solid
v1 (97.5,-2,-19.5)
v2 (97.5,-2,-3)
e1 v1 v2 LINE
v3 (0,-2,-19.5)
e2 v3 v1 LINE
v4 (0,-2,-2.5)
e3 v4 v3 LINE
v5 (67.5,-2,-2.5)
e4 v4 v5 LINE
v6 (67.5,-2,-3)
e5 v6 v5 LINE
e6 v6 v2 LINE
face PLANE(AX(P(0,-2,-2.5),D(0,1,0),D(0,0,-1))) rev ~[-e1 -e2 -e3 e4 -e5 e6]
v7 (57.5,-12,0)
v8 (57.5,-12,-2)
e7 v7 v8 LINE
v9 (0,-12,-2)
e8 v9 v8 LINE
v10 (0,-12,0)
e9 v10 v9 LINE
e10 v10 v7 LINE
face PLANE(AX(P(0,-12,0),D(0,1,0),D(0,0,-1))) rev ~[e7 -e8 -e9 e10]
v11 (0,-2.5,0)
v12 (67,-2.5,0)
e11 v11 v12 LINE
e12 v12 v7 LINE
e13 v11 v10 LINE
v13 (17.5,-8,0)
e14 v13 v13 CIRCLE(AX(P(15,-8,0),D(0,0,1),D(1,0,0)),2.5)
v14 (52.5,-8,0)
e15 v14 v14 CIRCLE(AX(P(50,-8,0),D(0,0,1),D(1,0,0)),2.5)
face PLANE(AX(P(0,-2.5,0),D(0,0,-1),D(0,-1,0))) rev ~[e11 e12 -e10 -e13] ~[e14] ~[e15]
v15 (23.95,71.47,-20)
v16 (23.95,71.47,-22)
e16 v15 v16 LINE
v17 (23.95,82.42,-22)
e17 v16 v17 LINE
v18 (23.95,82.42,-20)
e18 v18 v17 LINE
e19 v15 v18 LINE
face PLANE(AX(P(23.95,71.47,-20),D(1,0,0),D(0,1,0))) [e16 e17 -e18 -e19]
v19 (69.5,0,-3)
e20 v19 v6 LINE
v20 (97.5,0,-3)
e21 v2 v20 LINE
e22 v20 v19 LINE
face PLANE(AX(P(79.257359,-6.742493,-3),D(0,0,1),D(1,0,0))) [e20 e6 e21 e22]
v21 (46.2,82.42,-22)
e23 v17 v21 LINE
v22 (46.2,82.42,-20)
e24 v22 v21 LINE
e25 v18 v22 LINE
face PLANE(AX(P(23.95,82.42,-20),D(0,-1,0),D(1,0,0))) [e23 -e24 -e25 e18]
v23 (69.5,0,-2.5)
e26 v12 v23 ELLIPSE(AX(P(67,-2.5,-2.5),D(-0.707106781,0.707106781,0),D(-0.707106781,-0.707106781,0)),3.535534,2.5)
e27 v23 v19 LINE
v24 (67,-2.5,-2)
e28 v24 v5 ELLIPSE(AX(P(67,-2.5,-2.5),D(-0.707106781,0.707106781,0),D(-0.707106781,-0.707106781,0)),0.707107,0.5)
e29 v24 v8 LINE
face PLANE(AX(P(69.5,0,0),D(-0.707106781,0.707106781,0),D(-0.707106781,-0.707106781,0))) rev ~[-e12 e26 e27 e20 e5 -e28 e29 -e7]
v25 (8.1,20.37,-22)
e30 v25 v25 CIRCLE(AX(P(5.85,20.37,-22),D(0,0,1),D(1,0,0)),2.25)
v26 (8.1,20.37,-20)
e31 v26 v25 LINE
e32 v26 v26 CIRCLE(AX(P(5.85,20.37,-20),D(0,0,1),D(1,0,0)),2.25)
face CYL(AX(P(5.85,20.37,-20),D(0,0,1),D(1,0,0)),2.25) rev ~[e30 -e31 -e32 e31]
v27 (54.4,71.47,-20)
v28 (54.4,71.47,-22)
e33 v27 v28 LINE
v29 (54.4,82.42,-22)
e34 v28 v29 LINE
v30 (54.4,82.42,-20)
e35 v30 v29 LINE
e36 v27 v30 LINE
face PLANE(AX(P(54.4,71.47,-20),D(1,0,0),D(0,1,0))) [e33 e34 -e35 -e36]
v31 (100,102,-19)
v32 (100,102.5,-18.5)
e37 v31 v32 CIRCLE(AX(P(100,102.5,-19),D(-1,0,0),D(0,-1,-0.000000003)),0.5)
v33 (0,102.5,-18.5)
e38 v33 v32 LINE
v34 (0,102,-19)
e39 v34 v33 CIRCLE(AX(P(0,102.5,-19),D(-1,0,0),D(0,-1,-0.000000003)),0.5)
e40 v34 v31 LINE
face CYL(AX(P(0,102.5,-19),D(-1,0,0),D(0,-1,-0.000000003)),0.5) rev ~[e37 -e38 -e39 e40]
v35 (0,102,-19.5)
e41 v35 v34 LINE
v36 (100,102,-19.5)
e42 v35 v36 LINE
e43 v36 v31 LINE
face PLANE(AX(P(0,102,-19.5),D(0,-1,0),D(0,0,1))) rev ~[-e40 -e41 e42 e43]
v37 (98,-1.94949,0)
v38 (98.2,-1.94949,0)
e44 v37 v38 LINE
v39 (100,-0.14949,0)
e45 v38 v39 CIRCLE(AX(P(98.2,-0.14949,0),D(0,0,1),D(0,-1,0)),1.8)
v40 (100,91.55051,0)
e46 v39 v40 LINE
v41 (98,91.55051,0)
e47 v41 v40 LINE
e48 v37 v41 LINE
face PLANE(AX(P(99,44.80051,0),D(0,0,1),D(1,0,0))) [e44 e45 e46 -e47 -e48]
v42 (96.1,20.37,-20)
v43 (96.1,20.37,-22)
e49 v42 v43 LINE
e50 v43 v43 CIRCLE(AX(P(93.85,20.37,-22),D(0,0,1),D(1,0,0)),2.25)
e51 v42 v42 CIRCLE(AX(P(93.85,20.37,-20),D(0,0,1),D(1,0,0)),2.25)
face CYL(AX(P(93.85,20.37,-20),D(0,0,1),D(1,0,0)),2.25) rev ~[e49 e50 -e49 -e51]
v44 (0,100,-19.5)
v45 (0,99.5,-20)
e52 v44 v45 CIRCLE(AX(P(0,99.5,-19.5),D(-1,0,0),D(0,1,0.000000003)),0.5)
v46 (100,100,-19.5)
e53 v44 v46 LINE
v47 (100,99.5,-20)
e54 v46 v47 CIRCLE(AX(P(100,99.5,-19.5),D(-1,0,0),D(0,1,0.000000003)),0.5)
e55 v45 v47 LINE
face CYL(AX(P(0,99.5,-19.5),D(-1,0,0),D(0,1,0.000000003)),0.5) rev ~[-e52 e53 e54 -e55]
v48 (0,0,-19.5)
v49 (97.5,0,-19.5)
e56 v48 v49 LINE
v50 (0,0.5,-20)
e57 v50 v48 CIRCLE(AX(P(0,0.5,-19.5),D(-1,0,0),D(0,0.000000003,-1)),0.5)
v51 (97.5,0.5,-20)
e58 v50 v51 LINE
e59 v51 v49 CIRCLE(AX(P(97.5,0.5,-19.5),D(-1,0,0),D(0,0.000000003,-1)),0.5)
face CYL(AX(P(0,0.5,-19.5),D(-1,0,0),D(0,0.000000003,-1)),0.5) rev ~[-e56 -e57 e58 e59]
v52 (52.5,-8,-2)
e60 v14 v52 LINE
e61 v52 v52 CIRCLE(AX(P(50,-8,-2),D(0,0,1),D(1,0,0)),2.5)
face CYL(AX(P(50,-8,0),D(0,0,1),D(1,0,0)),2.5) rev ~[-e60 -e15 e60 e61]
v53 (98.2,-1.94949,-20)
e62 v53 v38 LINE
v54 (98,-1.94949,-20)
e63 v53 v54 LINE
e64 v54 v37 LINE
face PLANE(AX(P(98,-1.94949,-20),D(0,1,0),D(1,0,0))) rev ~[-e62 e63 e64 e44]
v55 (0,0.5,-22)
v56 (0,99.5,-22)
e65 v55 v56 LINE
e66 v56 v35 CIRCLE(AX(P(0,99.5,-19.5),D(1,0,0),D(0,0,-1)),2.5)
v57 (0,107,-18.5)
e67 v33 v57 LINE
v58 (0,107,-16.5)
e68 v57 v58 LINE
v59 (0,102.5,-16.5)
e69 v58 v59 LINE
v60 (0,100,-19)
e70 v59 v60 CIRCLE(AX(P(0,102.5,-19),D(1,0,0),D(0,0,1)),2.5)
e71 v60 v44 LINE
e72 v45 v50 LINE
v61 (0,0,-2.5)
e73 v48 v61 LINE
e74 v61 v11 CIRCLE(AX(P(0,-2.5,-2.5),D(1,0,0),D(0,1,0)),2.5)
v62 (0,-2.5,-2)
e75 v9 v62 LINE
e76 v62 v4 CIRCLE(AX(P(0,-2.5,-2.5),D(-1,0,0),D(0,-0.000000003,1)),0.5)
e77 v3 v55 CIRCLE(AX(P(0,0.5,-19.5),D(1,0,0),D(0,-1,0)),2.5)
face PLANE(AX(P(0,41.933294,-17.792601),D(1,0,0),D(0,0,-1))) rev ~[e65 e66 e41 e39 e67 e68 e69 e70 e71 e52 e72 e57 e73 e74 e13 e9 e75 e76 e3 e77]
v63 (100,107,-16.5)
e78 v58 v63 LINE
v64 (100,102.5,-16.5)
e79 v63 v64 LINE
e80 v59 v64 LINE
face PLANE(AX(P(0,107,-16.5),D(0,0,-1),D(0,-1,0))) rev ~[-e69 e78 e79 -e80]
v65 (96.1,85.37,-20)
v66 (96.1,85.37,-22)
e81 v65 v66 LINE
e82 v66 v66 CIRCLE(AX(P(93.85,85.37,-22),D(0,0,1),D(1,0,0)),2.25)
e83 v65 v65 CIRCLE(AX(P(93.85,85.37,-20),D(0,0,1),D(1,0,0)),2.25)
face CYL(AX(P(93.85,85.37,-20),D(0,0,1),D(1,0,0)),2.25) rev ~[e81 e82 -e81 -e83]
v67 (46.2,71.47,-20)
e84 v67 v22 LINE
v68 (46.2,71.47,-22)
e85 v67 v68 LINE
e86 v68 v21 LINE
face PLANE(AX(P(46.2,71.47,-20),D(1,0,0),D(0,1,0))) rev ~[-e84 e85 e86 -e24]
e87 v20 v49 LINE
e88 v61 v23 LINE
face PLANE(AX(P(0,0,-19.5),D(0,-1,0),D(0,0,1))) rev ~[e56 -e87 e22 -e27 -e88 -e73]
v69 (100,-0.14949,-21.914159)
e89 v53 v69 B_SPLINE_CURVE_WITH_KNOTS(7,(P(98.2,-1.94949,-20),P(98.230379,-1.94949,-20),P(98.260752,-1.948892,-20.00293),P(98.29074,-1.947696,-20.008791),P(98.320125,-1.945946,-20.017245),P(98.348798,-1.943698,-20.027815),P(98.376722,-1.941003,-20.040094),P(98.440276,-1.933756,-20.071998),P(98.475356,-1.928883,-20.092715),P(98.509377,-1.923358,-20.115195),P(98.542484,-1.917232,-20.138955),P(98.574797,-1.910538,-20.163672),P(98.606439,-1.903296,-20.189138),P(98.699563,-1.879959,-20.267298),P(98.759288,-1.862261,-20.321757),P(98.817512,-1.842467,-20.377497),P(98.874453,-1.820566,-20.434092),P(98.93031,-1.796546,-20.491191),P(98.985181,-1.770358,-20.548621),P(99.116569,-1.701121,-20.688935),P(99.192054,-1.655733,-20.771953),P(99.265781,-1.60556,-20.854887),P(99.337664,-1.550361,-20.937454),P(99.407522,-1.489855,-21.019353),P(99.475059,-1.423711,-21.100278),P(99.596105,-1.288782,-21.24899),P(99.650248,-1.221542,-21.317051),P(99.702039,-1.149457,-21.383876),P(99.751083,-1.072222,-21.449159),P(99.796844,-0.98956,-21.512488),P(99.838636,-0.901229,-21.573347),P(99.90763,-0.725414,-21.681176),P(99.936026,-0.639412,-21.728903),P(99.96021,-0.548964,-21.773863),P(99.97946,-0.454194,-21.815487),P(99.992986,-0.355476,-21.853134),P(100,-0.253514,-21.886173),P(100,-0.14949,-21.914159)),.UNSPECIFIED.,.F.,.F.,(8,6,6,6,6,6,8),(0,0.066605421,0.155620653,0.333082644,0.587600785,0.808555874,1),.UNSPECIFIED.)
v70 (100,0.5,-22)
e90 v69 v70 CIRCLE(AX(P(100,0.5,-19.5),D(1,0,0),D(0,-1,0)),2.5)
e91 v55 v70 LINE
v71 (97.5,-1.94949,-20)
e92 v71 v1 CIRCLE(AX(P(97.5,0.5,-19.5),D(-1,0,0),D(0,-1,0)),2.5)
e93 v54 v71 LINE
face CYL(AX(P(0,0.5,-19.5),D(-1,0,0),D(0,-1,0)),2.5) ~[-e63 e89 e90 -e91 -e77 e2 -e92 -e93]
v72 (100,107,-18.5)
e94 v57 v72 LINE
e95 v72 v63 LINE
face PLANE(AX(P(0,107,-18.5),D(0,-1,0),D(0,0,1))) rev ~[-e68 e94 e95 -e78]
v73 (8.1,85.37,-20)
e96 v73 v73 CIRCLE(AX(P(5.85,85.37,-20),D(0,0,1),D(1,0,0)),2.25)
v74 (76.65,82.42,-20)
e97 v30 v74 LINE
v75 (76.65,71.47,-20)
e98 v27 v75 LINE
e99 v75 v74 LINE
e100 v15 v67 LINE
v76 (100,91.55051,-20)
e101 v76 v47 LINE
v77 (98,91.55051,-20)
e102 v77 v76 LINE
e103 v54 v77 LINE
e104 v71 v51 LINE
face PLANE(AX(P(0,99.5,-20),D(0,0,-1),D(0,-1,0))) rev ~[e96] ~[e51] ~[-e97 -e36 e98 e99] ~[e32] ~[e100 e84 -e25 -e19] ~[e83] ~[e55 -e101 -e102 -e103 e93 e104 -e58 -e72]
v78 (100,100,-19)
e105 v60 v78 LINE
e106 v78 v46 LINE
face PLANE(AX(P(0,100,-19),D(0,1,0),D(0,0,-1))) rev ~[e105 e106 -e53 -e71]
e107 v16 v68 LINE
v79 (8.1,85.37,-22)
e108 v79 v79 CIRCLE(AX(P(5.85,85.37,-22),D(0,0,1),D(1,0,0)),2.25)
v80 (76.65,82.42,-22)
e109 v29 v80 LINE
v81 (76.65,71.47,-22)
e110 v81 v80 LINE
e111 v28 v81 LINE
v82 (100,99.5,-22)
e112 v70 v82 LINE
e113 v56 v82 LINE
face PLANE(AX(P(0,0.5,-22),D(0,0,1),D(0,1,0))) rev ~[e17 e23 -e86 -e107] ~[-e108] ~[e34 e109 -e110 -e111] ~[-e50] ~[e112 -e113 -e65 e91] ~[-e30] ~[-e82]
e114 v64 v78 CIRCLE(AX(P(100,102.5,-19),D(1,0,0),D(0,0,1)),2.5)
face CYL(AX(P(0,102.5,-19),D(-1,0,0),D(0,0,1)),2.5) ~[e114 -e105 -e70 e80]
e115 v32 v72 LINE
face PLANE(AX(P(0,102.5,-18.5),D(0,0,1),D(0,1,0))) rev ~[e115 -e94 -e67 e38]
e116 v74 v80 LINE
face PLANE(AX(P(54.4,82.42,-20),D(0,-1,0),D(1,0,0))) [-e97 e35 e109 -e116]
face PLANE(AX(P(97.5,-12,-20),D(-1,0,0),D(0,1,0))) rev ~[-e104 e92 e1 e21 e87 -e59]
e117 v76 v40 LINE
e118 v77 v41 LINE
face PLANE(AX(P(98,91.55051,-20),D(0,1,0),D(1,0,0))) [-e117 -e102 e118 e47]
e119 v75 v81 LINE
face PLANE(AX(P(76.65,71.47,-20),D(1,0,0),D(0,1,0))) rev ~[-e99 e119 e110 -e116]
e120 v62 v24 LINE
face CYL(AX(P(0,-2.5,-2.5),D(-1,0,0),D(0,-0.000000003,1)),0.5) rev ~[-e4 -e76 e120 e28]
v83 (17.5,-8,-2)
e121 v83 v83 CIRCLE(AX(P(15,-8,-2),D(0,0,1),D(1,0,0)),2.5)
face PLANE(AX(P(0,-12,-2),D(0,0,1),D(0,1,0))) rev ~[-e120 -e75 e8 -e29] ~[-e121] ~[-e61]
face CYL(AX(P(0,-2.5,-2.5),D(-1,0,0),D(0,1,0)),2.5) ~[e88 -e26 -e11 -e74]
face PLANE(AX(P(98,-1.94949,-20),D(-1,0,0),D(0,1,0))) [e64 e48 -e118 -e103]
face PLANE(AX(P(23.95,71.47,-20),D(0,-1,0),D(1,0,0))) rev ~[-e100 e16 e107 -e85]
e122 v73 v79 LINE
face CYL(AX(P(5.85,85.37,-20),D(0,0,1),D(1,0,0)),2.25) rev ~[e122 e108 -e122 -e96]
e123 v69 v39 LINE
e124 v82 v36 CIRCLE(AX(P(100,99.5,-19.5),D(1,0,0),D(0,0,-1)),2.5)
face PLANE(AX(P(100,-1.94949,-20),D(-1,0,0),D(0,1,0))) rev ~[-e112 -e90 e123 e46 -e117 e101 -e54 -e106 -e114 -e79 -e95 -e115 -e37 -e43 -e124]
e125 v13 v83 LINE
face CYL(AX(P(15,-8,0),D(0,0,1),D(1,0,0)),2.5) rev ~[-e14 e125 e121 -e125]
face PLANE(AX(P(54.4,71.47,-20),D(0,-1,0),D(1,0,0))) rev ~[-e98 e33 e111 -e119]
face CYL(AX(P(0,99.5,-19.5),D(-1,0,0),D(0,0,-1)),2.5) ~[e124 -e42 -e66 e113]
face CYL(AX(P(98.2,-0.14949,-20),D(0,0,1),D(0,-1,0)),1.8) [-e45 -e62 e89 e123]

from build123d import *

# Parameters (mm, degrees)
BOSS_EXTRUDE1_DEPTH = 100
SKETCH2_W           = 2.5
SKETCH2_H           = 12.5
CUT_EXTRUDE1_DEPTH  = 21
SKETCH3_W           = 2
SKETCH3_H           = 93.5
BOSS_EXTRUDE2_DEPTH = 20
SKETCH4_R           = 2.5
CUT_EXTRUDE3_DEPTH  = 3
SKETCH5_R           = 2.25
SKETCH5_W           = 22.25
SKETCH5_H           = 10.95
CUT_EXTRUDE4_DEPTH  = 5
FILLET1_R           = 1.8


with BuildPart() as part:
    # Sketch1 → Boss-Extrude1 (new body)
    with BuildSketch(Plane(origin=(0, 0, 0), x_dir=(0, 0, -1), z_dir=(1, 0, 0))):
        with BuildLine():
            Line((0, -2.5), (0, -12))
            Line((0, -12), (2, -12))
            Line((2, -12), (2, -2.5))
            ThreePointArc((2, -2.5), (2.146446609, -2.146446609), (2.5, -2))
            Line((2.5, -2), (19.5, -2))
            ThreePointArc((19.5, -2), (21.267766953, -1.267766953), (22, 0.5))
            Line((22, 0.5), (22, 99.5))
            ThreePointArc((22, 99.5), (21.267766953, 101.267766953), (19.5, 102))
            Line((19.5, 102), (19, 102))
            ThreePointArc((19, 102), (18.646446609, 102.146446609), (18.5, 102.5))
            Line((18.5, 102.5), (18.5, 107))
            Line((18.5, 107), (16.5, 107))
            Line((16.5, 107), (16.5, 102.5))
            ThreePointArc((16.5, 102.5), (17.232233047, 100.732233047), (19, 100))
            Line((19, 100), (19.5, 100))
            ThreePointArc((19.5, 100), (19.853553391, 99.853553391), (20, 99.5))
            Line((20, 99.5), (20, 0.5))
            ThreePointArc((20, 0.5), (19.853553391, 0.146446609), (19.5, 0))
            Line((19.5, 0), (2.5, 0))
            ThreePointArc((2.5, 0), (0.732233047, -0.732233047), (0, -2.5))
        make_face()
    extrude(amount=BOSS_EXTRUDE1_DEPTH)

    # Sketch2 → Cut-Extrude1 (cut, through all)
    with BuildSketch(Plane.XY.offset(-20)):
        with Locations((98.75, -5.75)):
            Rectangle(SKETCH2_W, SKETCH2_H)
    extrude(amount=CUT_EXTRUDE1_DEPTH, mode=Mode.SUBTRACT)

    # Sketch3 → Boss-Extrude2 (add)
    with BuildSketch(Plane.XY.offset(-20)):
        with Locations((99, 44.800510257)):
            Rectangle(SKETCH3_W, SKETCH3_H)
    extrude(amount=BOSS_EXTRUDE2_DEPTH)

    # Sketch4 → Cut-Extrude3 (cut)
    with BuildSketch(Plane.XY):
        with Locations((15, -8)):
            Circle(SKETCH4_R)
        with Locations((50, -8)):
            Circle(SKETCH4_R)
        Polygon((97.5, 0), (69.5, 0), (57.5, -12), (97.5, -12), align=None)
    extrude(amount=-CUT_EXTRUDE3_DEPTH, mode=Mode.SUBTRACT)

    # Sketch5 → Cut-Extrude4 (cut)
    with BuildSketch(Plane.XY.offset(-20)):
        with Locations((5.85, 85.37)):
            Circle(SKETCH5_R)
        with Locations((5.85, 20.37)):
            Circle(SKETCH5_R)
        with Locations((93.85, 20.37)):
            Circle(SKETCH5_R)
        with Locations((93.85, 85.37)):
            Circle(SKETCH5_R)
        with Locations((35.075, 76.945)):
            Rectangle(SKETCH5_W, SKETCH5_H)
        with Locations((65.525, 76.945)):
            Rectangle(SKETCH5_W, SKETCH5_H)
    extrude(amount=-CUT_EXTRUDE4_DEPTH, mode=Mode.SUBTRACT)

    # Fillet1
    fillet1_edges = [part.edges().sort_by_distance(p)[0] for p in [
        (100, -1.949489743, -10),
    ]]
    fillet(fillet1_edges, radius=FILLET1_R)


solid = part.part
